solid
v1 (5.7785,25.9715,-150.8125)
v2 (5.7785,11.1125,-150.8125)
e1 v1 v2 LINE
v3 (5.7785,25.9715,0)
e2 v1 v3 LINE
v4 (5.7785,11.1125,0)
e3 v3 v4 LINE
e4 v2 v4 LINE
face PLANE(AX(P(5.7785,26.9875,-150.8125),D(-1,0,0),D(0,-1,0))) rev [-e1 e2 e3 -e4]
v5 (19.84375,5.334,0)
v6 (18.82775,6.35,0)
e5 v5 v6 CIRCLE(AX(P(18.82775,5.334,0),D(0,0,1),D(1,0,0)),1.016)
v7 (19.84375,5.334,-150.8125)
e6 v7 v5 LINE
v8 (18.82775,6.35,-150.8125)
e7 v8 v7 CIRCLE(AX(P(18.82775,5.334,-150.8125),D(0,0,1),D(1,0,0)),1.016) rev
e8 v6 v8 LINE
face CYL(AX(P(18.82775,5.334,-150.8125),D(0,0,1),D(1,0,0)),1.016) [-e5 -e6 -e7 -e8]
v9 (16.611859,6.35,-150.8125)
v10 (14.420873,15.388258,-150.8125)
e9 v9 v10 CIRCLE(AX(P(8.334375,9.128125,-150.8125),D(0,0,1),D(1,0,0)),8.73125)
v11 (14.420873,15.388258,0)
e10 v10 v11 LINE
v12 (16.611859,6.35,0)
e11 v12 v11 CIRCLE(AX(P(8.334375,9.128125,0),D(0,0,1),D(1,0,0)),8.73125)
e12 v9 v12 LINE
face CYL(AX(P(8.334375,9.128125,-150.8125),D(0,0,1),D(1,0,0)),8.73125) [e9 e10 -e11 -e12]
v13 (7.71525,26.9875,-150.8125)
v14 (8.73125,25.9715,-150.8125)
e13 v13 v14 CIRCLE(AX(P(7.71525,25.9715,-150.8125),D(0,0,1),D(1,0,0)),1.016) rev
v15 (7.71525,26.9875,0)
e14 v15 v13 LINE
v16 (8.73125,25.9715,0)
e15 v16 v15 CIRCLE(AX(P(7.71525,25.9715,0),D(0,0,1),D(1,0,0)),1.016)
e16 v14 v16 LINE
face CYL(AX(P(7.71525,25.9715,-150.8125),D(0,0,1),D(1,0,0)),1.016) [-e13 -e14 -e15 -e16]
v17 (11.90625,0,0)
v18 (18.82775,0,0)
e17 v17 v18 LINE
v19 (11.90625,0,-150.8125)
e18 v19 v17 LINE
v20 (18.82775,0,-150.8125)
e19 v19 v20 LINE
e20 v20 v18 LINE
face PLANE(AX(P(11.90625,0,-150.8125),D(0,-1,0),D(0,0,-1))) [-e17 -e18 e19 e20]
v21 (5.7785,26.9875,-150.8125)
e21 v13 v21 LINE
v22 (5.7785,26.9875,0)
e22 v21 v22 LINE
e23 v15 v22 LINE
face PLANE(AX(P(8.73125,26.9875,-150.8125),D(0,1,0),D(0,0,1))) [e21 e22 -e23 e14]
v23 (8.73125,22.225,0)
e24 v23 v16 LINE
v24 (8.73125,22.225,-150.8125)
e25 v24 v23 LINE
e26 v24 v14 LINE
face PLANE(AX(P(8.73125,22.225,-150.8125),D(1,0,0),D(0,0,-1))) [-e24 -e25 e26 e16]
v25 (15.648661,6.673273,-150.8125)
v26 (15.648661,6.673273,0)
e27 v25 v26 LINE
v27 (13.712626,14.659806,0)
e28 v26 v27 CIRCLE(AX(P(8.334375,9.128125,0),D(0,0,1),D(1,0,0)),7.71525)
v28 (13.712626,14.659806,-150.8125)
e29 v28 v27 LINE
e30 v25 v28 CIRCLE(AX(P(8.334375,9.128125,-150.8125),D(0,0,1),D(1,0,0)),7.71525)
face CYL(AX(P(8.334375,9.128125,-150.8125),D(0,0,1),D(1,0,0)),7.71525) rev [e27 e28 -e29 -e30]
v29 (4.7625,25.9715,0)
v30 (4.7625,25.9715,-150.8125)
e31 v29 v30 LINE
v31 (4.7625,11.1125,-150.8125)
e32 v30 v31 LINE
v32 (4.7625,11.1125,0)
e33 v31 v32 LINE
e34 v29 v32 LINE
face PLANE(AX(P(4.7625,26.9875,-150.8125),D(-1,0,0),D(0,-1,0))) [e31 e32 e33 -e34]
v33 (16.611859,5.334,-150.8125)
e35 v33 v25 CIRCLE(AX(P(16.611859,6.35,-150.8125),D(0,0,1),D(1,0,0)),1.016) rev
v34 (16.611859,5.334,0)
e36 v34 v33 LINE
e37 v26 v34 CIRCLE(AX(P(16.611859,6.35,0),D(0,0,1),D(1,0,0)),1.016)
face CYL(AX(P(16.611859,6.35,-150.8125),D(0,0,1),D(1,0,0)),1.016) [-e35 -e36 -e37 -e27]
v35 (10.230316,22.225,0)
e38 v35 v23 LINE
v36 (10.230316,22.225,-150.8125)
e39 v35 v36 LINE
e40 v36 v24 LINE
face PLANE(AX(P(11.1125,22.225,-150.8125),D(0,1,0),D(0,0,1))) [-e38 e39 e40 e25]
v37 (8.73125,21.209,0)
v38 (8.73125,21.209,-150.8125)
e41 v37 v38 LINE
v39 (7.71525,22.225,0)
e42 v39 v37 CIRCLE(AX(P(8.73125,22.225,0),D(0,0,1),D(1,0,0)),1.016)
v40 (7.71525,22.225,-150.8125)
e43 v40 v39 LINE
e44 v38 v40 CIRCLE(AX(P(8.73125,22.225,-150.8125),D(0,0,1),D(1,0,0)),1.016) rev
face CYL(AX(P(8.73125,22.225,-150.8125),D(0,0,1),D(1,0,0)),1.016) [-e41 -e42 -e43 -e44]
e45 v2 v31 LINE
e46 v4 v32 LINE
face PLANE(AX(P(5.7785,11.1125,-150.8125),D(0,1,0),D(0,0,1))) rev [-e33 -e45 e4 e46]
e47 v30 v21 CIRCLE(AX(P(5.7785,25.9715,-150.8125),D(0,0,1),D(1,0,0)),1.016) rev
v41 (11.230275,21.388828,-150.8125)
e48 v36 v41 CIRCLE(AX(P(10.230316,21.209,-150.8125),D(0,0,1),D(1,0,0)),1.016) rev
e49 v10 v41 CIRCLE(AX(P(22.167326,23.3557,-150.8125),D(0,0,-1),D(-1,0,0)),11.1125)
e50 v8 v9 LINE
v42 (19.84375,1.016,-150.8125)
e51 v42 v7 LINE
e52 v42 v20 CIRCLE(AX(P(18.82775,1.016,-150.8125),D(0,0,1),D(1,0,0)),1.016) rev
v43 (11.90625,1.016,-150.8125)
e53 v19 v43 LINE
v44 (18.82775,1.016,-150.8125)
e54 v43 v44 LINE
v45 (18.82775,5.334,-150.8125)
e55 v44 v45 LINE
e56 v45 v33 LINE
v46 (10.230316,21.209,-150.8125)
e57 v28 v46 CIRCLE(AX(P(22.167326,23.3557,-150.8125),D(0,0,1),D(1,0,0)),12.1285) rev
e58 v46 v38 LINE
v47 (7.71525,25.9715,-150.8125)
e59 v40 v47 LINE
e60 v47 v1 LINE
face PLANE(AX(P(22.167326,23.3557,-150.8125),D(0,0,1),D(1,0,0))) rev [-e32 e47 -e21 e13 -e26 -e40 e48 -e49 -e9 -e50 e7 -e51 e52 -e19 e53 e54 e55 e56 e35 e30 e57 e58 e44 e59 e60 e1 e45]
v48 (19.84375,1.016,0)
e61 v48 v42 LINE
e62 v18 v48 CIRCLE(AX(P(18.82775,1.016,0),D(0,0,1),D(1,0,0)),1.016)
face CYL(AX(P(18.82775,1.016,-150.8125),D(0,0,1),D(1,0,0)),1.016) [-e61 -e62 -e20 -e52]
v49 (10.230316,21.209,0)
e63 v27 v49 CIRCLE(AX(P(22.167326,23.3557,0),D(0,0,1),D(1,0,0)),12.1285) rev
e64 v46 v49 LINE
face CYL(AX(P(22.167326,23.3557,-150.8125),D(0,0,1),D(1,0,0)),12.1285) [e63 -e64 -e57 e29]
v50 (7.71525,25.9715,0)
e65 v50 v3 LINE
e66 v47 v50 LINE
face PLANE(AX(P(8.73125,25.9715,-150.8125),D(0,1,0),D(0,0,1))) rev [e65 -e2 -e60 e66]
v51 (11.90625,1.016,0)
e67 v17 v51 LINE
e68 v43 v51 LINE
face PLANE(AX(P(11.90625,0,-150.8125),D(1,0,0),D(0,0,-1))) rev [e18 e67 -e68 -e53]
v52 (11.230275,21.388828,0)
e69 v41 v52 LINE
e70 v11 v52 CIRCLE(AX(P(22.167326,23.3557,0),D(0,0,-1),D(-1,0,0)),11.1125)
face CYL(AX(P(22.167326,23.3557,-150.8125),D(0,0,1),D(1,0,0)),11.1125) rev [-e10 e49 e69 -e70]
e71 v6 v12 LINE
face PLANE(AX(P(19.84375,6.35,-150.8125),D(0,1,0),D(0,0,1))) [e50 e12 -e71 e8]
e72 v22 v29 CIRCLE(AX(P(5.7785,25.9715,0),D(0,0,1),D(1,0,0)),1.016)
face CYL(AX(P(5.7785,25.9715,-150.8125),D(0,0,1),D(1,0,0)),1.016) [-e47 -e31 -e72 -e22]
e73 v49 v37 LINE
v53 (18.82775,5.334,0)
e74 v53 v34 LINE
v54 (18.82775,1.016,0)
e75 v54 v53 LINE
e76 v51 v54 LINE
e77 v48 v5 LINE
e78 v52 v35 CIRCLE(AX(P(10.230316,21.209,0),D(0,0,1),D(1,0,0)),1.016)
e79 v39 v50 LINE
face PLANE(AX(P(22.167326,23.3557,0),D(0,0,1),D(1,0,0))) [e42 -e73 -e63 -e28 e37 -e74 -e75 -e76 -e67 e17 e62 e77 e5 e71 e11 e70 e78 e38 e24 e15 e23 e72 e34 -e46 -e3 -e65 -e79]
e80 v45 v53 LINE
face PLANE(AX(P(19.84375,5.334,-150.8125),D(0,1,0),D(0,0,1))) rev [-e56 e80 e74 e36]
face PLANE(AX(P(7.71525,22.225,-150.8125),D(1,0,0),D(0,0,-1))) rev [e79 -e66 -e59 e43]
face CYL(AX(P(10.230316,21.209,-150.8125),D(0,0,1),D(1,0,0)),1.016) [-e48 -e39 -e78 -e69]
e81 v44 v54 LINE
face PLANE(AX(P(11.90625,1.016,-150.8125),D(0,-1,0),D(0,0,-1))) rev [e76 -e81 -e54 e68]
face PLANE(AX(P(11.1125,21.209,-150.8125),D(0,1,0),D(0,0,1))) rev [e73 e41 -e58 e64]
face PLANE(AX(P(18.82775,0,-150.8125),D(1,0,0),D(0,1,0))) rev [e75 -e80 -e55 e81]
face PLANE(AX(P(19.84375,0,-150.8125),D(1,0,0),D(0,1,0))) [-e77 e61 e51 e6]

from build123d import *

# Parameters (mm, degrees)
EXTRUDE_THIN1_DEPTH = 150.8125
FILLET1_R           = 1.016


with BuildPart() as part:
    # Sketch1 → Extrude-Thin1 (new body)
    with BuildSketch(Plane.XY):
        with BuildLine():
            Line((11.90625, 0), (19.84375, 0))
            Line((19.84375, 0), (19.84375, 6.35))
            Line((19.84375, 6.35), (16.611859403, 6.35))
            ThreePointArc((16.611859403, 6.35), (16.819864191, 11.185113028), (14.420873366, 15.388257922))
            ThreePointArc((14.420873366, 15.388257922), (12.164462393, 18.51520612), (11.1125, 22.225))
            Line((11.1125, 22.225), (8.73125, 22.225))
            Line((8.73125, 22.225), (8.73125, 26.9875))
            Line((8.73125, 26.9875), (4.7625, 26.9875))
            Line((4.7625, 26.9875), (4.7625, 11.1125))
            Line((4.7625, 11.1125), (5.7785, 11.1125))
            Line((5.7785, 11.1125), (5.7785, 25.9715))
            Line((5.7785, 25.9715), (7.71525, 25.9715))
            Line((7.71525, 25.9715), (7.71525, 21.209))
            Line((7.71525, 21.209), (10.230316486, 21.209))
            ThreePointArc((10.230316486, 21.209), (11.458524166, 17.661660911), (13.712626283, 14.659806091))
            ThreePointArc((13.712626283, 14.659806091), (15.971237356, 10.225128152), (15.052239099, 5.334))
            Line((15.052239099, 5.334), (18.82775, 5.334))
            Line((18.82775, 5.334), (18.82775, 1.016))
            Line((18.82775, 1.016), (11.90625, 1.016))
            Line((11.90625, 1.016), (11.90625, 0))
        make_face()
    extrude(amount=-EXTRUDE_THIN1_DEPTH)

    # Fillet1
    fillet1_edges = [part.edges().sort_by_distance(p)[0] for p in [
        (4.7625, 26.9875, -75.40625),
        (8.73125, 26.9875, -75.40625),
        (11.1125, 22.225, -75.40625),
        (19.84375, 6.35, -75.40625),
        (19.84375, 0, -75.40625),
        (15.052239099, 5.334, -75.40625),
        (7.71525, 21.209, -75.40625),
    ]]
    fillet(fillet1_edges, radius=FILLET1_R)


solid = part.part
